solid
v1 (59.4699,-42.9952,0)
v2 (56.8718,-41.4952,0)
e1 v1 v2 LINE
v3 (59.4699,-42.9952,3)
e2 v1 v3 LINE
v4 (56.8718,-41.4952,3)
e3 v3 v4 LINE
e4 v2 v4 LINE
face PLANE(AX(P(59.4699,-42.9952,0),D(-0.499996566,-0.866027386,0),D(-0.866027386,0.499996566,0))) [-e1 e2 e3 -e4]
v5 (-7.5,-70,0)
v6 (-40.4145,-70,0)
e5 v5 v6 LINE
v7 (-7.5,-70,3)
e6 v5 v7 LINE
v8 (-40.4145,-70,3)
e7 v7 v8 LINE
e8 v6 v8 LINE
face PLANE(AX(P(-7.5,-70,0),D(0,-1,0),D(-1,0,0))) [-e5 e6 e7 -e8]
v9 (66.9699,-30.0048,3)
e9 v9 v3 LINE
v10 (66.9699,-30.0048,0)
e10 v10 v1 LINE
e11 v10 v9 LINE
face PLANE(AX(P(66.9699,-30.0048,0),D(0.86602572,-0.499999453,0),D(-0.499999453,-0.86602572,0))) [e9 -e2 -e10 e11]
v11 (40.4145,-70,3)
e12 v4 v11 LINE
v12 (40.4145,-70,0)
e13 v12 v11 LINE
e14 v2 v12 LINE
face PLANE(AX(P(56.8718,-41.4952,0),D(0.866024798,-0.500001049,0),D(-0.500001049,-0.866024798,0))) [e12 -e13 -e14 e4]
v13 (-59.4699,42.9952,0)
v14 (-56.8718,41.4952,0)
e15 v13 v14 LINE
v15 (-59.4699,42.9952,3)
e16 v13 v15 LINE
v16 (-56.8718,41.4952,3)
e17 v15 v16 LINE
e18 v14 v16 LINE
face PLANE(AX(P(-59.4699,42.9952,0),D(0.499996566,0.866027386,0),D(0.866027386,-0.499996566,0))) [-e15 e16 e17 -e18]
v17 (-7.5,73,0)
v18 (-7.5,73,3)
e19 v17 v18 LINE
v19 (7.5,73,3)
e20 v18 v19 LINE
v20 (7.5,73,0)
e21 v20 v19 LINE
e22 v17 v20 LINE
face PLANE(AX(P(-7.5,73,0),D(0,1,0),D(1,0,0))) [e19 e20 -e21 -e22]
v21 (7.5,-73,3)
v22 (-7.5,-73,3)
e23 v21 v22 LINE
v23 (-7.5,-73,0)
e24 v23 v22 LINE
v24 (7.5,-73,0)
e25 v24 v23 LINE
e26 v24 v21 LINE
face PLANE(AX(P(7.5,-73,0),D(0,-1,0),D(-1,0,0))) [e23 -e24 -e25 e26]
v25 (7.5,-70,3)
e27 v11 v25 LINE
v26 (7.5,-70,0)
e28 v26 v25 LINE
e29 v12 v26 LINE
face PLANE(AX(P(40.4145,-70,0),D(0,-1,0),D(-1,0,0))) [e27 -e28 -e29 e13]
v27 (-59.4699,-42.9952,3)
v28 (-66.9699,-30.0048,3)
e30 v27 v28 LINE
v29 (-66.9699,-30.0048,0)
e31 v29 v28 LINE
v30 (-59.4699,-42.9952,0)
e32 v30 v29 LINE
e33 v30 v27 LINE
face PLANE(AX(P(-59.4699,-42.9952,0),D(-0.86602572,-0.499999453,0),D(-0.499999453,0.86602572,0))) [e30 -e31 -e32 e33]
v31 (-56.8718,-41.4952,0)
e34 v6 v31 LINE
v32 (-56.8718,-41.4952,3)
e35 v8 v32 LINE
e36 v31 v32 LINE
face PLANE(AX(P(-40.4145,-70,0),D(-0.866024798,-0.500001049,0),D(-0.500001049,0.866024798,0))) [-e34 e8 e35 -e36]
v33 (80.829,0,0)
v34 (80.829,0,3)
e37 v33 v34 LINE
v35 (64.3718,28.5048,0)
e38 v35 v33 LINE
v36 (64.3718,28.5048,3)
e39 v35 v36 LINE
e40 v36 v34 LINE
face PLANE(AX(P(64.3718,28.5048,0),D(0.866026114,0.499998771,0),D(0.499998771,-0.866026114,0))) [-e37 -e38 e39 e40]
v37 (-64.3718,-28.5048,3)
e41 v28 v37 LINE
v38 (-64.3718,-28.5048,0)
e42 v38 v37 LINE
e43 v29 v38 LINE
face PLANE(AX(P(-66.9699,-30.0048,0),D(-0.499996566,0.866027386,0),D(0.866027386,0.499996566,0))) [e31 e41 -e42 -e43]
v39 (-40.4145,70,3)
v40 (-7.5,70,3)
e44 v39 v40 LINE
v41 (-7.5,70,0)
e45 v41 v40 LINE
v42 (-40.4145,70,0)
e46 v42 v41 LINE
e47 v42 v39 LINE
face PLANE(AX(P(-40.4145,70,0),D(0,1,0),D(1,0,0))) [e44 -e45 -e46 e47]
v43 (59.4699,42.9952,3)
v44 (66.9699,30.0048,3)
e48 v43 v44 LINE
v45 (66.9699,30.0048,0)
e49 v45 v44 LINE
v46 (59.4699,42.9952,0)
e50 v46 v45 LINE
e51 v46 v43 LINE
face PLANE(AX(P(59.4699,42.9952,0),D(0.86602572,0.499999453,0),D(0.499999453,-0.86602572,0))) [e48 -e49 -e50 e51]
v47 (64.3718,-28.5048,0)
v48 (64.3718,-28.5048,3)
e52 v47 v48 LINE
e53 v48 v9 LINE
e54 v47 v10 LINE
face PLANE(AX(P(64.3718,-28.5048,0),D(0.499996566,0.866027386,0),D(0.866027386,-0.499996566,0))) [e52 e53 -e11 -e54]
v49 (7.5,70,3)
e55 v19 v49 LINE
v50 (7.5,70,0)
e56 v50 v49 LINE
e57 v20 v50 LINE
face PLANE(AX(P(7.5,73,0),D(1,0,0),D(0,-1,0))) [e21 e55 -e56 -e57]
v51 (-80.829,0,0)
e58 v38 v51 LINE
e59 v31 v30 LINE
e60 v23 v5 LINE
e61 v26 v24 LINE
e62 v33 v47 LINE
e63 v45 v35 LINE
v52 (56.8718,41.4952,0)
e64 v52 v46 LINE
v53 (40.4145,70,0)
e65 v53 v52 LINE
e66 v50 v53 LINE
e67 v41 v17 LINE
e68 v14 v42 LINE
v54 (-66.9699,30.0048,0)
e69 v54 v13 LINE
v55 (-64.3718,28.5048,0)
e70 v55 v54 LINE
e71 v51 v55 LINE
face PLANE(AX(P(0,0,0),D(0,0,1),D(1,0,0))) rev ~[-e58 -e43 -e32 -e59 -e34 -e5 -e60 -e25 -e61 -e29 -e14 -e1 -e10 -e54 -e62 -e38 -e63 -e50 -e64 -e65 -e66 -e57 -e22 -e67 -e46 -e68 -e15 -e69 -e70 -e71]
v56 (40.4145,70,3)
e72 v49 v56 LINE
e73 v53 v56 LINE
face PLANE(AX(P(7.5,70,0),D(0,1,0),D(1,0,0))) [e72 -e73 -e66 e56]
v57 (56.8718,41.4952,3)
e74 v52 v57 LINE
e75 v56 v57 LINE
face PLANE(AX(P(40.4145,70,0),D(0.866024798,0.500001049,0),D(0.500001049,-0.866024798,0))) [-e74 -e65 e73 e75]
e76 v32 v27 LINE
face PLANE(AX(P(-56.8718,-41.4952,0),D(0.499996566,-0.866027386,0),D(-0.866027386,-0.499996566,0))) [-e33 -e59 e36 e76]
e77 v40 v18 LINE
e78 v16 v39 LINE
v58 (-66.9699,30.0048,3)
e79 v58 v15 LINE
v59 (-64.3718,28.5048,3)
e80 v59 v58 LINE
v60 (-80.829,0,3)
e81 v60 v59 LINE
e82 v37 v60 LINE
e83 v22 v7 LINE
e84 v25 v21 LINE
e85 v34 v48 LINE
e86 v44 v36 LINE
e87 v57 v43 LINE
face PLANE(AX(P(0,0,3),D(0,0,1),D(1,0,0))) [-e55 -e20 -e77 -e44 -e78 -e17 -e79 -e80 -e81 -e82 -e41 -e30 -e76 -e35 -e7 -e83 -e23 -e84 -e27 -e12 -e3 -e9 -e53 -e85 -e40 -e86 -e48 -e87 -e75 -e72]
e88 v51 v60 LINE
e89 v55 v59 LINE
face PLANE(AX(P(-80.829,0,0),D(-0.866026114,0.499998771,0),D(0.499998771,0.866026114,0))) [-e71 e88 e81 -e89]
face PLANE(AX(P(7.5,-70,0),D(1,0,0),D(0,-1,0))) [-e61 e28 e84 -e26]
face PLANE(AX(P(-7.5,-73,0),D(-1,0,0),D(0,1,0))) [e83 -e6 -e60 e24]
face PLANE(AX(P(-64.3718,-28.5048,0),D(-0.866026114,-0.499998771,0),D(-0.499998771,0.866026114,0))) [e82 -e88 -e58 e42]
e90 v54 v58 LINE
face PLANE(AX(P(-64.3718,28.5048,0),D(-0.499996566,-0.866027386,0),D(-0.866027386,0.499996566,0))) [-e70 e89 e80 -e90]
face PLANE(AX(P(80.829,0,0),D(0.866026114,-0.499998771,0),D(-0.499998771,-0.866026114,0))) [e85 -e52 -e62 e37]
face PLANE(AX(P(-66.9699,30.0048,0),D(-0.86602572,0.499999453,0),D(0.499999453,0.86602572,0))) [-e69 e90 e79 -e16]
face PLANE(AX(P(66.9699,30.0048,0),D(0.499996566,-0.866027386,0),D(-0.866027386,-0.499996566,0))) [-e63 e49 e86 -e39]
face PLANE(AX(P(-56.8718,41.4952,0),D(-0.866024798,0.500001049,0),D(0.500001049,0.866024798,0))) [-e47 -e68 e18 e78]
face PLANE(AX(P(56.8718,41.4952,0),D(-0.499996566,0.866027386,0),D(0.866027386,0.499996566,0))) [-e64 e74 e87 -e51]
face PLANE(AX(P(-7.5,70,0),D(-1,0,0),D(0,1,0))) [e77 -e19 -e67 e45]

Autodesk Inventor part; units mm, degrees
ref_plane "YZ Plane" through (0, 0, 0) normal (1, 0, 0) x (0, 1, 0)
ref_plane "XZ Plane" through (0, 0, 0) normal (0, 1, 0) x (-1, 0, 0)
ref_plane "XY Plane" through (0, 0, 0) normal (0, 0, 1) x (1, 0, 0)
sketch "Sketch1" plane through (0, 0, 0) normal (0, 0, 1) x (1, 0, 0)
  line L0 (-7.5, 73) -> (7.5, 73)
  line L1 (7.5, 73) -> (7.5, 70)
  line L2 (-7.5, 70) -> (-7.5, 73)
  line L3 (-40.4145, 70) -> (-7.5, 70)
  line L4 (7.5, 70) -> (40.4145, 70)
  line L5 (-66.9699, 30.0048) -> (-59.4699, 42.9952)
  line L6 (-59.4699, 42.9952) -> (-56.8718, 41.4952)
  line L7 (-64.3718, 28.5048) -> (-66.9699, 30.0048)
  line L8 (-59.4699, -42.9952) -> (-66.9699, -30.0048)
  line L9 (-66.9699, -30.0048) -> (-64.3718, -28.5048)
  line L10 (-56.8718, -41.4952) -> (-59.4699, -42.9952)
  line L11 (7.5, -73) -> (-7.5, -73)
  line L12 (-7.5, -73) -> (-7.5, -70)
  line L13 (7.5, -70) -> (7.5, -73)
  line L14 (66.9699, -30.0048) -> (59.4699, -42.9952)
  line L15 (59.4699, -42.9952) -> (56.8718, -41.4952)
  line L16 (64.3718, -28.5048) -> (66.9699, -30.0048)
  line L17 (59.4699, 42.9952) -> (66.9699, 30.0048)
  line L18 (66.9699, 30.0048) -> (64.3718, 28.5048)
  line L19 (56.8718, 41.4952) -> (59.4699, 42.9952)
  line L20 (-80.829, 0) -> (-64.3718, 28.5048)
  line L21 (-56.8718, 41.4952) -> (-40.4145, 70)
  line L22 (40.4145, 70) -> (56.8718, 41.4952)
  line L23 (64.3718, 28.5048) -> (80.829, 0)
  line L24 (80.829, 0) -> (64.3718, -28.5048)
  line L25 (56.8718, -41.4952) -> (40.4145, -70)
  line L26 (40.4145, -70) -> (7.5, -70)
  line L27 (-7.5, -70) -> (-40.4145, -70)
  line L28 (-40.4145, -70) -> (-56.8718, -41.4952)
  line L29 (-64.3718, -28.5048) -> (-80.829, 0)
  point P0 (0, 0)
  point P1 (0, 0)
  point P2 (0, 73)
  point P3 (-63.2199, 36.5)
  point P4 (-63.2199, -36.5)
  point P5 (0, -73)
  point P6 (63.2199, -36.5)
  point P7 (63.2199, 36.5)
  dimension "d1" = 3
  dimension "d3" = 15
  dimension "d6" = 360
  dimension "d8" = 140
  dimension "d9" = 146
extrude "Extrusion1" add sketch "Sketch1" along normal blind 3
properties part number "middle_space"
